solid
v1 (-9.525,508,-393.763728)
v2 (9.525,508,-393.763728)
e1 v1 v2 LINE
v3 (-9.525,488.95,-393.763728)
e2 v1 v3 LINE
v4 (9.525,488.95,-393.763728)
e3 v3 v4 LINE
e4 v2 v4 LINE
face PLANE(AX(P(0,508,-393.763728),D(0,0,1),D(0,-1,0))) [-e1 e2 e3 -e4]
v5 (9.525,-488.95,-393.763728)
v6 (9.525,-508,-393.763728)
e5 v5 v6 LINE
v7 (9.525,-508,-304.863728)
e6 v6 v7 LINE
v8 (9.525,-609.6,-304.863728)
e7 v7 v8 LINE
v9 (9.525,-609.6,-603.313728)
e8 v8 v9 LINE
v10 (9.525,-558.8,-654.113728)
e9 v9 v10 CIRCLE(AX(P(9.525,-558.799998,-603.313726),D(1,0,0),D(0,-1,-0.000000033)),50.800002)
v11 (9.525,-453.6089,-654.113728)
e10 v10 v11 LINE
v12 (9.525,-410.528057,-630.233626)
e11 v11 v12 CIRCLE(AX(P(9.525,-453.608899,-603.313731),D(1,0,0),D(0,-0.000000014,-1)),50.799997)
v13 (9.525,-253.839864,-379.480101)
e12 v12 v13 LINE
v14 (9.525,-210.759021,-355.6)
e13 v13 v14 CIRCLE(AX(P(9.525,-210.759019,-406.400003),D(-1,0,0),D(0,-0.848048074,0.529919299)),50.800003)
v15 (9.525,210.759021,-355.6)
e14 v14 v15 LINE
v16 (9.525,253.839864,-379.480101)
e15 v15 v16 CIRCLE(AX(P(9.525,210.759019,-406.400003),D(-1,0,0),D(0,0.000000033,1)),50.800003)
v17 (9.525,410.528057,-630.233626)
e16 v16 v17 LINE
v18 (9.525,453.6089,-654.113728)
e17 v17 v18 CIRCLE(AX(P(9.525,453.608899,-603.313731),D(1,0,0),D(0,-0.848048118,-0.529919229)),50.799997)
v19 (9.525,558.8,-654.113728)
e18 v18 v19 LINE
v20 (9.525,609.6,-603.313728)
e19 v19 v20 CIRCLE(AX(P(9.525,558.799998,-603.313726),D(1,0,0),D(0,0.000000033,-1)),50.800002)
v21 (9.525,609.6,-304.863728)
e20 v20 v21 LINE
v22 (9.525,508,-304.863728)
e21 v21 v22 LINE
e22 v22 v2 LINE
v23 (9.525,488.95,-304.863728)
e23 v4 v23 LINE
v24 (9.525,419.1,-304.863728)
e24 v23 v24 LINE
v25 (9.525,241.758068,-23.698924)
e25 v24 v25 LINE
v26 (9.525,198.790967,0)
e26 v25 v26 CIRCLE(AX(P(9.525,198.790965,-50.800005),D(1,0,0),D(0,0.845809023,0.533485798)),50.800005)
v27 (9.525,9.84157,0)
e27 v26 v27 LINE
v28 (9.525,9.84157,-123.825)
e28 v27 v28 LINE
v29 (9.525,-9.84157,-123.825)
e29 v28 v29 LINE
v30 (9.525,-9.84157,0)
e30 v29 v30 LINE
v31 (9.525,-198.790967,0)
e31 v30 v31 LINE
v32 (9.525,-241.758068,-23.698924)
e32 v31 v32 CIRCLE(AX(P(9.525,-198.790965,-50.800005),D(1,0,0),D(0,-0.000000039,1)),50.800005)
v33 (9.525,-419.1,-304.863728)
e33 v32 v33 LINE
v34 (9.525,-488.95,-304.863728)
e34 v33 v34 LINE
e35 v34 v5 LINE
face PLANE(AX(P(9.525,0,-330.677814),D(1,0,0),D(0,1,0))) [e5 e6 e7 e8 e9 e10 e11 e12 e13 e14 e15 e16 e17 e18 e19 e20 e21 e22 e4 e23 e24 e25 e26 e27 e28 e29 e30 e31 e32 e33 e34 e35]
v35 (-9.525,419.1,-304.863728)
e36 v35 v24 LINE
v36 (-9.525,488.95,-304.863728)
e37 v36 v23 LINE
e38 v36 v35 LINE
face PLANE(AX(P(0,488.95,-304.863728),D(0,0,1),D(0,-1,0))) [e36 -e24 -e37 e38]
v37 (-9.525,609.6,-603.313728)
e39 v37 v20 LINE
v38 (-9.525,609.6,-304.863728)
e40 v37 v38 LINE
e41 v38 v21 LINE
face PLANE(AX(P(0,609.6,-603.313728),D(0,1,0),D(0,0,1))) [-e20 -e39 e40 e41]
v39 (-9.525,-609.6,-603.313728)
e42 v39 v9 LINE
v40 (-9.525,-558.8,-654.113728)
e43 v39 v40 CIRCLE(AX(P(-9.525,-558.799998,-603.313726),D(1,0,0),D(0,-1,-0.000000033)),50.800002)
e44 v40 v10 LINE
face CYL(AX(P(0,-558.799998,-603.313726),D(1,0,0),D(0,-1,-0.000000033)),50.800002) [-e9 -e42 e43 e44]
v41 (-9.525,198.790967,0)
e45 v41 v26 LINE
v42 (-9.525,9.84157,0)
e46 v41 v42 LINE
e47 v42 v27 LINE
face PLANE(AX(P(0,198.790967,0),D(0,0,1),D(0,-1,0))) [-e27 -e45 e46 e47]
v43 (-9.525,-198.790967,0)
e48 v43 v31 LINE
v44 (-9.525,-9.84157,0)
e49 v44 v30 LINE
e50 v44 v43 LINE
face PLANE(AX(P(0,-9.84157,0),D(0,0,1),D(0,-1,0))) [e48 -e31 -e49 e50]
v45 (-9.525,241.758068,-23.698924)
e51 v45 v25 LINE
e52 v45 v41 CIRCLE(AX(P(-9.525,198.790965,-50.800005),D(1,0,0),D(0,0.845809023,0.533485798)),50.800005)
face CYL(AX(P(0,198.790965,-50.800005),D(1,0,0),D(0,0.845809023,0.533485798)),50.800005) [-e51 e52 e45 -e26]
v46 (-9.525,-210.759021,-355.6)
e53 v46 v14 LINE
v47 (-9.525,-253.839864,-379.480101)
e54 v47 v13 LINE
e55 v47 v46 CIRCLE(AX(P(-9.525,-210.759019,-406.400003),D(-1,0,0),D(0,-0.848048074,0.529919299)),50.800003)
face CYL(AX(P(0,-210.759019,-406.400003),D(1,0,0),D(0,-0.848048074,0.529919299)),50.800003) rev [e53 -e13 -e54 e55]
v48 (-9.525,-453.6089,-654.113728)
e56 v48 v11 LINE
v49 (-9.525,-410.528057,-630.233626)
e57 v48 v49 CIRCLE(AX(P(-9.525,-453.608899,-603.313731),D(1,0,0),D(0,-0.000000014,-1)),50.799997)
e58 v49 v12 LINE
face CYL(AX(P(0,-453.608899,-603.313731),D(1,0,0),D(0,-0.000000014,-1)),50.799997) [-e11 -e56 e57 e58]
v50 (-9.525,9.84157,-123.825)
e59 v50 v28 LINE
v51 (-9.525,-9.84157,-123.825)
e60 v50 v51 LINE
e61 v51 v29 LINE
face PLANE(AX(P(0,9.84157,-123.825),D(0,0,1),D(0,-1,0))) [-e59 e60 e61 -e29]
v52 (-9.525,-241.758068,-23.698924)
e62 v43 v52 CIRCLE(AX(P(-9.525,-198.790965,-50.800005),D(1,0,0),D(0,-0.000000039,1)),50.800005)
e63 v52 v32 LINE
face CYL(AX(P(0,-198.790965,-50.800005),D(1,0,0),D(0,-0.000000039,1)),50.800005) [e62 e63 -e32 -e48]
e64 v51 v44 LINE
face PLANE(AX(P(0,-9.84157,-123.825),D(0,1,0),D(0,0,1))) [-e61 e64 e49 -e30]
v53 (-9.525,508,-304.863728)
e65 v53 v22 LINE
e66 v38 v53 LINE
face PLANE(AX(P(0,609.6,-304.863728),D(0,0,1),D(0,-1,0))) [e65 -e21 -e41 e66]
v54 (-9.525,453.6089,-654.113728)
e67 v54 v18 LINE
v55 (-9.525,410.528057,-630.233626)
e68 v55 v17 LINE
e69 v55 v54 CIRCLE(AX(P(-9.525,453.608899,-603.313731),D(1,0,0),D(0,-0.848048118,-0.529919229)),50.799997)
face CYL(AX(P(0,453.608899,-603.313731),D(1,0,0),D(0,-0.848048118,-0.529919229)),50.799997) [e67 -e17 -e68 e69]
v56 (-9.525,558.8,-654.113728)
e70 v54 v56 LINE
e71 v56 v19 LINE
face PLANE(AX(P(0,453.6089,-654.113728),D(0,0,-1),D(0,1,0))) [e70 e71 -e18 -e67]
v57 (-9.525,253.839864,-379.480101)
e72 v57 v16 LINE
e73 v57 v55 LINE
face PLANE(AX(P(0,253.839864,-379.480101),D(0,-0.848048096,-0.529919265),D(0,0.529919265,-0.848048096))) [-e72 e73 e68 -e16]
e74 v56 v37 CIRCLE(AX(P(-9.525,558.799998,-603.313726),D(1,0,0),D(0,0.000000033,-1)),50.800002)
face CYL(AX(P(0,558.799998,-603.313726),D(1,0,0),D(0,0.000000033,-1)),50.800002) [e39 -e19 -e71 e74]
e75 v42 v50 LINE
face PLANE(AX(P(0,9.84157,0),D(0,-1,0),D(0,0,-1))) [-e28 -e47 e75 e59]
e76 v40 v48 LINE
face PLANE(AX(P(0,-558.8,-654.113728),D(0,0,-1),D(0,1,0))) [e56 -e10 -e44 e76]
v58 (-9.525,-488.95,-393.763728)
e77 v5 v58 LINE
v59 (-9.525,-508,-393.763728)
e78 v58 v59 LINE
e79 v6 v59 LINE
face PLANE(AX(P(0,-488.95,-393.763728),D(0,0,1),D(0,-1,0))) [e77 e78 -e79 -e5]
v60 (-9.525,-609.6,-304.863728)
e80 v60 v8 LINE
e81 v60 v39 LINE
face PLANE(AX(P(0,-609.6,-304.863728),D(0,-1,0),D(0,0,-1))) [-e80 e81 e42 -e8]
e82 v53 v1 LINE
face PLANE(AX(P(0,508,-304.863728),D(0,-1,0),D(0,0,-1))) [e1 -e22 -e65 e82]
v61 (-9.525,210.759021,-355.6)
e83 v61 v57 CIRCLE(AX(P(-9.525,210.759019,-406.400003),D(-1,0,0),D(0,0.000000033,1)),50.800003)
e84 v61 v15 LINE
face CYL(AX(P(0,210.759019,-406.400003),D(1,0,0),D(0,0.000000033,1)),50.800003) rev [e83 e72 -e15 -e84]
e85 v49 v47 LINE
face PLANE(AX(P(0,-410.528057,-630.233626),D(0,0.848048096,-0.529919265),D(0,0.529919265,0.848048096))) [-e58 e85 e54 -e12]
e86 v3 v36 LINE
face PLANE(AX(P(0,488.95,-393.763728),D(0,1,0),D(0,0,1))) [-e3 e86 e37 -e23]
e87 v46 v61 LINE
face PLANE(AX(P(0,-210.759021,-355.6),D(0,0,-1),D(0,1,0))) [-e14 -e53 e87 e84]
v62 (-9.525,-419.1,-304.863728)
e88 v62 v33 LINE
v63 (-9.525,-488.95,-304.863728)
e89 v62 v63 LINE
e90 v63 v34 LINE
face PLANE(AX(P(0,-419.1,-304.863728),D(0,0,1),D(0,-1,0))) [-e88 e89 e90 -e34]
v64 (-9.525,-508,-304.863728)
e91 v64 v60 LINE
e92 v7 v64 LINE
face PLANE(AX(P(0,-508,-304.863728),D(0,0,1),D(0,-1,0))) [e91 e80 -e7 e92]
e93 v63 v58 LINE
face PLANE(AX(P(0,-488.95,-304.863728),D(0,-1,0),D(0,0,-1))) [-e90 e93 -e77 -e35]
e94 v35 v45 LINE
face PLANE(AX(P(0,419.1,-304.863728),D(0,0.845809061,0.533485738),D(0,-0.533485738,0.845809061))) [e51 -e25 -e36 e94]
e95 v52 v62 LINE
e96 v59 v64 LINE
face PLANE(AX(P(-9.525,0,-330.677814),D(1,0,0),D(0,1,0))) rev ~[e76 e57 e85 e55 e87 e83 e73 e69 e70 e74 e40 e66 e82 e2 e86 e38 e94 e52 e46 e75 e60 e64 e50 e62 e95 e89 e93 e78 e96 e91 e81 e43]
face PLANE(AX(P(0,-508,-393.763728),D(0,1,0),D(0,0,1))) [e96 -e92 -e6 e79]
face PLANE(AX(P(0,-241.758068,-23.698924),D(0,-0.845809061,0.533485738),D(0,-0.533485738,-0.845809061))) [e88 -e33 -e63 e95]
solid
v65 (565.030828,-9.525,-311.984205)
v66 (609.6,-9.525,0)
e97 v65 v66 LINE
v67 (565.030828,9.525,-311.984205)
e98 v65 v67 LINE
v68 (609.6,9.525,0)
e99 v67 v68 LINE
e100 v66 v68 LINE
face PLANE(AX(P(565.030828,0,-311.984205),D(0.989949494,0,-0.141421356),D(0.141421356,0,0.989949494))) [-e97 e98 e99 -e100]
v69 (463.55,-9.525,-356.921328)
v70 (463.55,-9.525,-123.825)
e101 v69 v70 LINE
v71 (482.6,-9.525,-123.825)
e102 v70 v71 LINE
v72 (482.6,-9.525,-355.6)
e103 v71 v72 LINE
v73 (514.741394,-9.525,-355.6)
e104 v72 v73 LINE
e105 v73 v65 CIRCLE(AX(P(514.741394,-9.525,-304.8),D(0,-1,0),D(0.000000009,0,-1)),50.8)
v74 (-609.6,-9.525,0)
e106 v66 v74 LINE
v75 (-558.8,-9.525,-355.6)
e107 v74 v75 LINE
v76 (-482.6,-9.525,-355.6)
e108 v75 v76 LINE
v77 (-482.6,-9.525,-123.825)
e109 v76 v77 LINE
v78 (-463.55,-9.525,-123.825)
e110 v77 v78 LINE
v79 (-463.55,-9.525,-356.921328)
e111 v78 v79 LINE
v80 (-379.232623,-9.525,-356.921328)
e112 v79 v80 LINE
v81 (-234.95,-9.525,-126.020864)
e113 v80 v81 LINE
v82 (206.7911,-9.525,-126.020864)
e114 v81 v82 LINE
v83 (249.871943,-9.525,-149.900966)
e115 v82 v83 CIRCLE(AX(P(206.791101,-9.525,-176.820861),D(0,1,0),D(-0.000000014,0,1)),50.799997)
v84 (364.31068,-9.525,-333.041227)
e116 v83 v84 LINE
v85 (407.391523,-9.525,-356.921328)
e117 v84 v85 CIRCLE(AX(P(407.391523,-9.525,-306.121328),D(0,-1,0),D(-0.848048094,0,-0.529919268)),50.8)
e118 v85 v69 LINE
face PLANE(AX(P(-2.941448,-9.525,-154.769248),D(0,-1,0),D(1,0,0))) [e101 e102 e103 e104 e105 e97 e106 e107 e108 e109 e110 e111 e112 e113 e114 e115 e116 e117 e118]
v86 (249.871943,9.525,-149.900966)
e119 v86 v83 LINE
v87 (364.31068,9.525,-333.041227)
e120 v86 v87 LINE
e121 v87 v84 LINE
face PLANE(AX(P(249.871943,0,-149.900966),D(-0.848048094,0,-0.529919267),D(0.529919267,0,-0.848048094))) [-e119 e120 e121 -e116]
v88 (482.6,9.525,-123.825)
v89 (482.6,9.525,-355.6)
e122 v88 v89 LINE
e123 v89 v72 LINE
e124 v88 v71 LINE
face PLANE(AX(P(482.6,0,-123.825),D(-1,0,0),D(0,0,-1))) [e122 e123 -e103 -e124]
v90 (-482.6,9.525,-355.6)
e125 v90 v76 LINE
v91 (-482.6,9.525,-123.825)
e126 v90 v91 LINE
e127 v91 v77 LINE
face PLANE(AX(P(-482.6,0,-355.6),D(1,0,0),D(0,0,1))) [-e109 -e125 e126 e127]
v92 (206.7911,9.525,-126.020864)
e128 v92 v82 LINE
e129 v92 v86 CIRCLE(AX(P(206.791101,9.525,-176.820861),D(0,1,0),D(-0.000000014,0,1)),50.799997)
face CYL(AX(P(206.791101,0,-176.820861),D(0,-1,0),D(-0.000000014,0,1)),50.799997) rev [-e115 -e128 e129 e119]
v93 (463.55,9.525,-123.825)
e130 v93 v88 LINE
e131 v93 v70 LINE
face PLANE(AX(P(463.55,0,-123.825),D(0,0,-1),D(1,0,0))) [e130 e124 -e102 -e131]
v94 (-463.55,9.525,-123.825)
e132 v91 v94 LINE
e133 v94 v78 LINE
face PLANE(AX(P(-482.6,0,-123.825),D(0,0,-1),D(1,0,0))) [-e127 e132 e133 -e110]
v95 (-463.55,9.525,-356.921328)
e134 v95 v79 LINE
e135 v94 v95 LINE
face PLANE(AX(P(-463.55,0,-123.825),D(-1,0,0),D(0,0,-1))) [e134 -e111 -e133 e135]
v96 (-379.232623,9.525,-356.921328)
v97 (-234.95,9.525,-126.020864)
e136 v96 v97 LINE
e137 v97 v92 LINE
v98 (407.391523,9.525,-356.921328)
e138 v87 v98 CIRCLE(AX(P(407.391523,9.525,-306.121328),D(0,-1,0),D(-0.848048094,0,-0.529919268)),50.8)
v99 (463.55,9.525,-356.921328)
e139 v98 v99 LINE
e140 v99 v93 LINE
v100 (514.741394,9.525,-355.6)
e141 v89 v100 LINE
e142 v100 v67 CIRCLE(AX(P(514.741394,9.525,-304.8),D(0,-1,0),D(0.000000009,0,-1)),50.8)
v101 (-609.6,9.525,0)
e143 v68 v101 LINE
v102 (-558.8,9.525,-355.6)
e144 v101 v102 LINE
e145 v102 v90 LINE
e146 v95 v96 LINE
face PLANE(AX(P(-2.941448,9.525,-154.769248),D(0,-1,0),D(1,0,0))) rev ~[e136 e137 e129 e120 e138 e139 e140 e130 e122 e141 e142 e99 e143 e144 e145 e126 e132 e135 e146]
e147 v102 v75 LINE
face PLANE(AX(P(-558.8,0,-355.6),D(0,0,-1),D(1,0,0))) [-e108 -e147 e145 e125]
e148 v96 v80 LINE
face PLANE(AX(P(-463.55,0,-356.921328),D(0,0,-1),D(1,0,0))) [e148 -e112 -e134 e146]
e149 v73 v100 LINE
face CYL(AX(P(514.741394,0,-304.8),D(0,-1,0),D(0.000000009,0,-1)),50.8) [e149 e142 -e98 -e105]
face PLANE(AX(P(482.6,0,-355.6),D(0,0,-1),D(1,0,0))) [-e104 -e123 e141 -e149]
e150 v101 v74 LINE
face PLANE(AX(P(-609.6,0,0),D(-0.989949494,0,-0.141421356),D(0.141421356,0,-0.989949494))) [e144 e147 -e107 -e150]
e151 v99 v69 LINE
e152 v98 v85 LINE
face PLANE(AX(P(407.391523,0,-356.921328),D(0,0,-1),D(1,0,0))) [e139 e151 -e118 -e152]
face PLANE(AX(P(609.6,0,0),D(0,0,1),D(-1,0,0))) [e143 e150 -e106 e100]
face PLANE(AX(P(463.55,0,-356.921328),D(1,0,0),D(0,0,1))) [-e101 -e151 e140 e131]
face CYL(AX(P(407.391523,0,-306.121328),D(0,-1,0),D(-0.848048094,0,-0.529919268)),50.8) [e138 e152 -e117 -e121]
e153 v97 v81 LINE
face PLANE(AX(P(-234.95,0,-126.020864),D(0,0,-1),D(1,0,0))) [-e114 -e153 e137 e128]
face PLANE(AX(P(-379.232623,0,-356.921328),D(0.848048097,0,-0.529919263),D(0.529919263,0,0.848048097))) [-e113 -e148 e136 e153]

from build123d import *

# Parameters (mm, degrees)
F2_DEPTH = 9.525
F3_DEPTH = 9.525


with BuildPart() as f2:
    # F1 (on Right) → F2 (new body, symmetric)
    with BuildSketch(Plane.YZ):
        with BuildLine():
            Line((-508, -304.863728), (-609.6, -304.863728))
            Line((-609.6, -304.863728), (-609.6, -603.313728))
            ThreePointArc((-609.6, -603.313728), (-594.721024, -639.234752), (-558.8, -654.113728))
            Line((-558.8, -654.113728), (-453.6089, -654.113728))
            ThreePointArc((-453.6089, -654.113728), (-428.980571, -647.744409), (-410.528057, -630.233626))
            Line((-410.528057, -630.233626), (-253.839864, -379.480101))
            ThreePointArc((-253.839864, -379.480101), (-235.387349, -361.969319), (-210.759021, -355.6))
            Line((-210.759021, -355.6), (-3.96792, -355.6))
            Line((-3.96792, -355.6), (3.96792, -355.6))
            Line((3.96792, -355.6), (210.759021, -355.6))
            ThreePointArc((210.759021, -355.6), (235.387349, -361.969319), (253.839864, -379.480101))
            Line((253.839864, -379.480101), (410.528057, -630.233626))
            ThreePointArc((410.528057, -630.233626), (428.980571, -647.744409), (453.6089, -654.113728))
            Line((453.6089, -654.113728), (558.8, -654.113728))
            ThreePointArc((558.8, -654.113728), (594.721024, -639.234752), (609.6, -603.313728))
            Line((609.6, -603.313728), (609.6, -304.863728))
            Line((609.6, -304.863728), (508, -304.863728))
            Line((508, -304.863728), (508, -393.763728))
            Line((508, -393.763728), (488.95, -393.763728))
            Line((488.95, -393.763728), (488.95, -304.863728))
            Line((488.95, -304.863728), (419.1, -304.863728))
            Line((419.1, -304.863728), (241.758068, -23.698924))
            ThreePointArc((241.758068, -23.698924), (223.325691, -6.317562), (198.790967, 0))
            Line((198.790967, 0), (9.84157, 0))
            Line((9.84157, 0), (9.84157, -123.825))
            Line((9.84157, -123.825), (0, -123.825))
            Line((0, -123.825), (-9.84157, -123.825))
            Line((-9.84157, -123.825), (-9.84157, 0))
            Line((-9.84157, 0), (-198.790967, 0))
            ThreePointArc((-198.790967, 0), (-223.325691, -6.317562), (-241.758068, -23.698924))
            Line((-241.758068, -23.698924), (-419.1, -304.863728))
            Line((-419.1, -304.863728), (-488.95, -304.863728))
            Line((-488.95, -304.863728), (-488.95, -393.763728))
            Line((-488.95, -393.763728), (-508, -393.763728))
            Line((-508, -393.763728), (-508, -304.863728))
        make_face()
    extrude(amount=F2_DEPTH, both=True)


with BuildPart() as f3:
    # F0 (on Front) → F3 (new body, symmetric)
    with BuildSketch(Plane.XZ):
        with BuildLine():
            Line((609.6, 0), (0, 0))
            Line((0, 0), (-609.6, 0))
            Line((-609.6, 0), (-558.8, -355.6))
            Line((-558.8, -355.6), (-482.6, -355.6))
            Line((-482.6, -355.6), (-482.6, -123.825))
            Line((-482.6, -123.825), (-463.55, -123.825))
            Line((-463.55, -123.825), (-463.55, -356.921328))
            Line((-463.55, -356.921328), (-379.232623, -356.921328))
            Line((-379.232623, -356.921328), (-234.95, -126.020864))
            Line((-234.95, -126.020864), (0, -126.020864))
            Line((0, -126.020864), (206.7911, -126.020864))
            ThreePointArc((206.7911, -126.020864), (231.419429, -132.390183), (249.871943, -149.900966))
            Line((249.871943, -149.900966), (364.31068, -333.041227))
            ThreePointArc((364.31068, -333.041227), (382.763194, -350.552009), (407.391523, -356.921328))
            Line((407.391523, -356.921328), (463.55, -356.921328))
            Line((463.55, -356.921328), (463.55, -123.825))
            Line((463.55, -123.825), (482.6, -123.825))
            Line((482.6, -123.825), (482.6, -355.6))
            Line((482.6, -355.6), (514.741394, -355.6))
            ThreePointArc((514.741394, -355.6), (548.025642, -343.177061), (565.030828, -311.984205))
            Line((565.030828, -311.984205), (609.6, 0))
        make_face()
    extrude(amount=F3_DEPTH, both=True)


solid = Compound([f2.part, f3.part])
